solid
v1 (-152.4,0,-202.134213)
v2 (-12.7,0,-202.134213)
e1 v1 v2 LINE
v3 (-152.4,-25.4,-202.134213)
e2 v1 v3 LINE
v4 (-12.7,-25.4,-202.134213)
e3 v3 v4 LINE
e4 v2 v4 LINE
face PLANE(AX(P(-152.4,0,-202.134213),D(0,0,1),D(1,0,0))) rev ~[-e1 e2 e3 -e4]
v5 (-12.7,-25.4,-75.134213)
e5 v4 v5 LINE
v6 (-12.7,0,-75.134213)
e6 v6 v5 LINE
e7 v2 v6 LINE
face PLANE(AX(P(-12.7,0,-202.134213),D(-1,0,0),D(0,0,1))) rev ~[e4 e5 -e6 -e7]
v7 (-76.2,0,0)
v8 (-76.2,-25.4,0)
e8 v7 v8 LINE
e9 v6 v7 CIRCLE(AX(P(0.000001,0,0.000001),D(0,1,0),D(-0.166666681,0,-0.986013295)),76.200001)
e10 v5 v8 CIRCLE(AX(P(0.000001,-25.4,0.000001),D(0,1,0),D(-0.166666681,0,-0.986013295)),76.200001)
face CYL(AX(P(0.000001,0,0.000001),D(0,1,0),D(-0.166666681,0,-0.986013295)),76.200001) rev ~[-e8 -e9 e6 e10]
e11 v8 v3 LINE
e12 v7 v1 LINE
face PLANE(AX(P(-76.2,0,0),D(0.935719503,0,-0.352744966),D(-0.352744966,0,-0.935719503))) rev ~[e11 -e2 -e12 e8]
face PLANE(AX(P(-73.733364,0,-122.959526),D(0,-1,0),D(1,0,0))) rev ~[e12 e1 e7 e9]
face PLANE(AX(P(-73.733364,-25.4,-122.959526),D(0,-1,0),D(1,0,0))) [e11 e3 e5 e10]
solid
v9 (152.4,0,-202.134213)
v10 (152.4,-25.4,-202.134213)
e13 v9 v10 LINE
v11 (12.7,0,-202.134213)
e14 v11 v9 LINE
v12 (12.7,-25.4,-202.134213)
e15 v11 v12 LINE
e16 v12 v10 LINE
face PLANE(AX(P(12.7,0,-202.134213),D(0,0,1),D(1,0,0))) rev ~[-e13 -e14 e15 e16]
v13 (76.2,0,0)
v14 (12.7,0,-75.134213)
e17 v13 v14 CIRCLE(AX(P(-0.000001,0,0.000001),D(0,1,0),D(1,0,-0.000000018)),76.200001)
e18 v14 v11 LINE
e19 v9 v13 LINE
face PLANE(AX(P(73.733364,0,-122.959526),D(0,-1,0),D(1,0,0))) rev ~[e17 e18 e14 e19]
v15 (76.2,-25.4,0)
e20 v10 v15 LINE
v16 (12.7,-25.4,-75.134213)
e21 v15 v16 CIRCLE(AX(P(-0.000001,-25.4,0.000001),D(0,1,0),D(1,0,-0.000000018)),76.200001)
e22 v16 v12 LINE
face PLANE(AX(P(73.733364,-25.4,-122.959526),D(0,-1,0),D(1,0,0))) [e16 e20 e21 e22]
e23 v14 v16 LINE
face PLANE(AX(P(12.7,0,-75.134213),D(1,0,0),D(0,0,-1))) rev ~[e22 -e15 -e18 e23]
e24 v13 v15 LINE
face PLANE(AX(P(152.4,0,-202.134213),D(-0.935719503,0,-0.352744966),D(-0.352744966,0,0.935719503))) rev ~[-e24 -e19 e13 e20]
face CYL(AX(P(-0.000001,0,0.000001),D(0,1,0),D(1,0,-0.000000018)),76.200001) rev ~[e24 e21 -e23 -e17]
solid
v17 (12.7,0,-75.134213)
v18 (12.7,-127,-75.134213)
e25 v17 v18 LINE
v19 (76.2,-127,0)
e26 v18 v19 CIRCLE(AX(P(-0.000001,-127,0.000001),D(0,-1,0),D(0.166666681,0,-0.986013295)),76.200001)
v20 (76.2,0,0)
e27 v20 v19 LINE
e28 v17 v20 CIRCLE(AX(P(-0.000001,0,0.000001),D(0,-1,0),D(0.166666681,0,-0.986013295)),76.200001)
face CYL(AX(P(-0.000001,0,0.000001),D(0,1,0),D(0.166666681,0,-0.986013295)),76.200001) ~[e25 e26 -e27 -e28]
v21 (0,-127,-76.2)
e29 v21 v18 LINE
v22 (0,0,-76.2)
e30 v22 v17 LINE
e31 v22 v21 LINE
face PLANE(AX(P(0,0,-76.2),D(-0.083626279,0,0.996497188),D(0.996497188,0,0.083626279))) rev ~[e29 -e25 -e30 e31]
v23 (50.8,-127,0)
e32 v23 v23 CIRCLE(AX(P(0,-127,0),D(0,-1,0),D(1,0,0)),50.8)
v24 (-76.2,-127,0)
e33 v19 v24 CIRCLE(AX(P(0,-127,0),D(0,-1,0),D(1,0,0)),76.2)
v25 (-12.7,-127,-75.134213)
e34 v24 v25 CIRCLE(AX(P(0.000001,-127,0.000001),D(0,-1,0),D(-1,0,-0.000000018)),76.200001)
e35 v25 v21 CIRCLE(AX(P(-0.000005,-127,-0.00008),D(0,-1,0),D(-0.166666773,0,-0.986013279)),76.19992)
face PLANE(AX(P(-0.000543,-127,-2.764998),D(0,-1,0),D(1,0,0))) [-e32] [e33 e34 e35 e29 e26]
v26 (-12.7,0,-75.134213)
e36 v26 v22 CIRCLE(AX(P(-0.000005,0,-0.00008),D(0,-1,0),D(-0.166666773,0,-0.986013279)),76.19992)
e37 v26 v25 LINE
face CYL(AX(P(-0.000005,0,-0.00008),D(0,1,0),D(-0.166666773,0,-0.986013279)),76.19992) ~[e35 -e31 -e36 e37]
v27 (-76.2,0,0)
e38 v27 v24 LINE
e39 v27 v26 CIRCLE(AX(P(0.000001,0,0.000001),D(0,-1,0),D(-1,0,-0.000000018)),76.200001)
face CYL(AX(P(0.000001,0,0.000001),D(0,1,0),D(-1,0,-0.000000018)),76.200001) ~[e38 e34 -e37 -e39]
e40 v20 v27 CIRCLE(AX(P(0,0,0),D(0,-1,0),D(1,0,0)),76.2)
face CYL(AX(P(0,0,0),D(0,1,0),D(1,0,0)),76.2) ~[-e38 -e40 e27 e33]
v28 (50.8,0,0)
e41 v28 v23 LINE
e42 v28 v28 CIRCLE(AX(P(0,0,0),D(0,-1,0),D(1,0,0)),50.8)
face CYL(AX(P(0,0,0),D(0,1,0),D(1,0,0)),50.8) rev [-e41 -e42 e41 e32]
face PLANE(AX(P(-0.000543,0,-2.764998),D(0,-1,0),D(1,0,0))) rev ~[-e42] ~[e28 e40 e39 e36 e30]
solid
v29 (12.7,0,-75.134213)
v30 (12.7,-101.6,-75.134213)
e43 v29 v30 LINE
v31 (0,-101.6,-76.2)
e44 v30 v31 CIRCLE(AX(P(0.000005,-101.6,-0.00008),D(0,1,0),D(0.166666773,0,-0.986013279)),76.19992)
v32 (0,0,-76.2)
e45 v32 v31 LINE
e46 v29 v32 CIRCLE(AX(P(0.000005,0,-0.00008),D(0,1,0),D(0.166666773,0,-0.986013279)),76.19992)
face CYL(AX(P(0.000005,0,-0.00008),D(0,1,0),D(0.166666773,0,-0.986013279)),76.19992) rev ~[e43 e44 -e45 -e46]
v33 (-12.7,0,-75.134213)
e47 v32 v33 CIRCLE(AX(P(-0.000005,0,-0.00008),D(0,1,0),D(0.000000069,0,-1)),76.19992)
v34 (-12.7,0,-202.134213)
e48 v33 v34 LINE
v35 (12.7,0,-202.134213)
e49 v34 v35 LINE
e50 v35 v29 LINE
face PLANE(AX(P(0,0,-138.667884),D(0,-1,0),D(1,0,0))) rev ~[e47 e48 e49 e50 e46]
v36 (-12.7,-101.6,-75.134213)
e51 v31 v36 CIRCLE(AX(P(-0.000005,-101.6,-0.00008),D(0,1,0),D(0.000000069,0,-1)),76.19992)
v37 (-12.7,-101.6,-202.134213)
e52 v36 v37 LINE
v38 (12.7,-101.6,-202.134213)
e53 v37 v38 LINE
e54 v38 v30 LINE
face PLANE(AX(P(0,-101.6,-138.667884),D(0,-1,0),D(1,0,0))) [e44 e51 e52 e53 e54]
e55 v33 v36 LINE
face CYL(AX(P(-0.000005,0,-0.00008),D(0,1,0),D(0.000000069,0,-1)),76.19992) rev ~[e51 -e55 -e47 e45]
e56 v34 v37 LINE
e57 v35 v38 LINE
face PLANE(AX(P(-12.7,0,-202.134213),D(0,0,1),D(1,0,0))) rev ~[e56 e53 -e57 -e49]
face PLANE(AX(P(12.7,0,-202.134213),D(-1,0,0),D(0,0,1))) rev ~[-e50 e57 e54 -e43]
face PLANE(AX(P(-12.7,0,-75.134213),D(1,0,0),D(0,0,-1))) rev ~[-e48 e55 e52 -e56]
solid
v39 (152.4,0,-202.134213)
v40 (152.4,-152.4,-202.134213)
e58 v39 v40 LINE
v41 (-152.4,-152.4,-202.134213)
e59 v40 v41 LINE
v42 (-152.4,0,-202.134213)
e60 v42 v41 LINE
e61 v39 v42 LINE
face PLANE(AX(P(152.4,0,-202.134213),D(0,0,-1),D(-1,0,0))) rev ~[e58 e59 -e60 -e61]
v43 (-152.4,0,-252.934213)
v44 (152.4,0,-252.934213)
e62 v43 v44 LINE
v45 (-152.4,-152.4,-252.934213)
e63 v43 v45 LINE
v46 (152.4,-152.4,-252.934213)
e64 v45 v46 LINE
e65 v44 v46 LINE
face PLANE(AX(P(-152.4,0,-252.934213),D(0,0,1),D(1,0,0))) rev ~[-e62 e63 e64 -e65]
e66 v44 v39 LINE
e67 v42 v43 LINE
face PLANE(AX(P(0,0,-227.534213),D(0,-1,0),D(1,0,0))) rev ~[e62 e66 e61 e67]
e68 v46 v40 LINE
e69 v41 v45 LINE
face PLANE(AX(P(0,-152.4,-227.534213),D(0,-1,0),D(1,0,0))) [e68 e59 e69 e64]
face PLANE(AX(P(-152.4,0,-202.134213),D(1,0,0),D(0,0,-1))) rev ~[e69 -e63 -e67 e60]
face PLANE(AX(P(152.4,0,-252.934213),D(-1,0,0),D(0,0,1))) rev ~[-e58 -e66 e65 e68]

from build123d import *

# Parameters (mm, degrees)
F1_DEPTH = 152.4
F0_R     = 50.8
F2_DEPTH = 127
F3_DEPTH = 101.6
F4_DEPTH = 25.4
F5_DEPTH = 25.4


with BuildPart() as f1:
    # F0 (on Front) → F1 (new body)
    with BuildSketch(Plane.XZ):
        Polygon((152.4, -252.934213), (152.4, -202.134213), (12.7, -202.134213), (-12.7, -202.134213), (-152.4, -202.134213), (-152.4, -252.934213), align=None)
    extrude(amount=F1_DEPTH)


with BuildPart() as f2:
    # F0 (on Front) → F2 (new body)
    with BuildSketch(Plane.XZ):
        with BuildLine():
            ThreePointArc((12.7, -75.134213), (58.198711, -49.186888), (76.2, 0))
            ThreePointArc((76.2, 0), (0, 76.2), (-76.2, 0))
            ThreePointArc((-76.2, 0), (-58.198711, -49.186888), (-12.7, -75.134213))
            ThreePointArc((-12.7, -75.134213), (-6.372321, -75.933086), (0, -76.2))
            Line((0, -76.2), (12.7, -75.134213))
        make_face()
        Circle(F0_R, mode=Mode.SUBTRACT)
    extrude(amount=F2_DEPTH)


with BuildPart() as f3:
    # F0 (on Front) → F3 (new body)
    with BuildSketch(Plane.XZ):
        with BuildLine():
            Line((12.7, -202.134213), (12.7, -75.134213))
            ThreePointArc((12.7, -75.134213), (6.372321, -75.933086), (0, -76.2))
            ThreePointArc((0, -76.2), (-6.372321, -75.933086), (-12.7, -75.134213))
            Line((-12.7, -75.134213), (-12.7, -202.134213))
            Line((-12.7, -202.134213), (12.7, -202.134213))
        make_face()
    extrude(amount=F3_DEPTH)


with BuildPart() as f4:
    # F0 (on Front) → F4 (new body)
    with BuildSketch(Plane.XZ):
        with BuildLine():
            ThreePointArc((-12.7, -75.134213), (-58.198711, -49.186888), (-76.2, 0))
            Line((-76.2, 0), (-152.4, -202.134213))
            Line((-152.4, -202.134213), (-12.7, -202.134213))
            Line((-12.7, -202.134213), (-12.7, -75.134213))
        make_face()
    extrude(amount=F4_DEPTH)


with BuildPart() as f5:
    # F0 (on Front) → F5 (new body)
    with BuildSketch(Plane.XZ):
        with BuildLine():
            Line((152.4, -202.134213), (76.2, 0))
            ThreePointArc((76.2, 0), (58.198711, -49.186888), (12.7, -75.134213))
            Line((12.7, -75.134213), (12.7, -202.134213))
            Line((12.7, -202.134213), (152.4, -202.134213))
        make_face()
    extrude(amount=F5_DEPTH)


solid = Compound([f1.part, f2.part, f3.part, f4.part, f5.part])
